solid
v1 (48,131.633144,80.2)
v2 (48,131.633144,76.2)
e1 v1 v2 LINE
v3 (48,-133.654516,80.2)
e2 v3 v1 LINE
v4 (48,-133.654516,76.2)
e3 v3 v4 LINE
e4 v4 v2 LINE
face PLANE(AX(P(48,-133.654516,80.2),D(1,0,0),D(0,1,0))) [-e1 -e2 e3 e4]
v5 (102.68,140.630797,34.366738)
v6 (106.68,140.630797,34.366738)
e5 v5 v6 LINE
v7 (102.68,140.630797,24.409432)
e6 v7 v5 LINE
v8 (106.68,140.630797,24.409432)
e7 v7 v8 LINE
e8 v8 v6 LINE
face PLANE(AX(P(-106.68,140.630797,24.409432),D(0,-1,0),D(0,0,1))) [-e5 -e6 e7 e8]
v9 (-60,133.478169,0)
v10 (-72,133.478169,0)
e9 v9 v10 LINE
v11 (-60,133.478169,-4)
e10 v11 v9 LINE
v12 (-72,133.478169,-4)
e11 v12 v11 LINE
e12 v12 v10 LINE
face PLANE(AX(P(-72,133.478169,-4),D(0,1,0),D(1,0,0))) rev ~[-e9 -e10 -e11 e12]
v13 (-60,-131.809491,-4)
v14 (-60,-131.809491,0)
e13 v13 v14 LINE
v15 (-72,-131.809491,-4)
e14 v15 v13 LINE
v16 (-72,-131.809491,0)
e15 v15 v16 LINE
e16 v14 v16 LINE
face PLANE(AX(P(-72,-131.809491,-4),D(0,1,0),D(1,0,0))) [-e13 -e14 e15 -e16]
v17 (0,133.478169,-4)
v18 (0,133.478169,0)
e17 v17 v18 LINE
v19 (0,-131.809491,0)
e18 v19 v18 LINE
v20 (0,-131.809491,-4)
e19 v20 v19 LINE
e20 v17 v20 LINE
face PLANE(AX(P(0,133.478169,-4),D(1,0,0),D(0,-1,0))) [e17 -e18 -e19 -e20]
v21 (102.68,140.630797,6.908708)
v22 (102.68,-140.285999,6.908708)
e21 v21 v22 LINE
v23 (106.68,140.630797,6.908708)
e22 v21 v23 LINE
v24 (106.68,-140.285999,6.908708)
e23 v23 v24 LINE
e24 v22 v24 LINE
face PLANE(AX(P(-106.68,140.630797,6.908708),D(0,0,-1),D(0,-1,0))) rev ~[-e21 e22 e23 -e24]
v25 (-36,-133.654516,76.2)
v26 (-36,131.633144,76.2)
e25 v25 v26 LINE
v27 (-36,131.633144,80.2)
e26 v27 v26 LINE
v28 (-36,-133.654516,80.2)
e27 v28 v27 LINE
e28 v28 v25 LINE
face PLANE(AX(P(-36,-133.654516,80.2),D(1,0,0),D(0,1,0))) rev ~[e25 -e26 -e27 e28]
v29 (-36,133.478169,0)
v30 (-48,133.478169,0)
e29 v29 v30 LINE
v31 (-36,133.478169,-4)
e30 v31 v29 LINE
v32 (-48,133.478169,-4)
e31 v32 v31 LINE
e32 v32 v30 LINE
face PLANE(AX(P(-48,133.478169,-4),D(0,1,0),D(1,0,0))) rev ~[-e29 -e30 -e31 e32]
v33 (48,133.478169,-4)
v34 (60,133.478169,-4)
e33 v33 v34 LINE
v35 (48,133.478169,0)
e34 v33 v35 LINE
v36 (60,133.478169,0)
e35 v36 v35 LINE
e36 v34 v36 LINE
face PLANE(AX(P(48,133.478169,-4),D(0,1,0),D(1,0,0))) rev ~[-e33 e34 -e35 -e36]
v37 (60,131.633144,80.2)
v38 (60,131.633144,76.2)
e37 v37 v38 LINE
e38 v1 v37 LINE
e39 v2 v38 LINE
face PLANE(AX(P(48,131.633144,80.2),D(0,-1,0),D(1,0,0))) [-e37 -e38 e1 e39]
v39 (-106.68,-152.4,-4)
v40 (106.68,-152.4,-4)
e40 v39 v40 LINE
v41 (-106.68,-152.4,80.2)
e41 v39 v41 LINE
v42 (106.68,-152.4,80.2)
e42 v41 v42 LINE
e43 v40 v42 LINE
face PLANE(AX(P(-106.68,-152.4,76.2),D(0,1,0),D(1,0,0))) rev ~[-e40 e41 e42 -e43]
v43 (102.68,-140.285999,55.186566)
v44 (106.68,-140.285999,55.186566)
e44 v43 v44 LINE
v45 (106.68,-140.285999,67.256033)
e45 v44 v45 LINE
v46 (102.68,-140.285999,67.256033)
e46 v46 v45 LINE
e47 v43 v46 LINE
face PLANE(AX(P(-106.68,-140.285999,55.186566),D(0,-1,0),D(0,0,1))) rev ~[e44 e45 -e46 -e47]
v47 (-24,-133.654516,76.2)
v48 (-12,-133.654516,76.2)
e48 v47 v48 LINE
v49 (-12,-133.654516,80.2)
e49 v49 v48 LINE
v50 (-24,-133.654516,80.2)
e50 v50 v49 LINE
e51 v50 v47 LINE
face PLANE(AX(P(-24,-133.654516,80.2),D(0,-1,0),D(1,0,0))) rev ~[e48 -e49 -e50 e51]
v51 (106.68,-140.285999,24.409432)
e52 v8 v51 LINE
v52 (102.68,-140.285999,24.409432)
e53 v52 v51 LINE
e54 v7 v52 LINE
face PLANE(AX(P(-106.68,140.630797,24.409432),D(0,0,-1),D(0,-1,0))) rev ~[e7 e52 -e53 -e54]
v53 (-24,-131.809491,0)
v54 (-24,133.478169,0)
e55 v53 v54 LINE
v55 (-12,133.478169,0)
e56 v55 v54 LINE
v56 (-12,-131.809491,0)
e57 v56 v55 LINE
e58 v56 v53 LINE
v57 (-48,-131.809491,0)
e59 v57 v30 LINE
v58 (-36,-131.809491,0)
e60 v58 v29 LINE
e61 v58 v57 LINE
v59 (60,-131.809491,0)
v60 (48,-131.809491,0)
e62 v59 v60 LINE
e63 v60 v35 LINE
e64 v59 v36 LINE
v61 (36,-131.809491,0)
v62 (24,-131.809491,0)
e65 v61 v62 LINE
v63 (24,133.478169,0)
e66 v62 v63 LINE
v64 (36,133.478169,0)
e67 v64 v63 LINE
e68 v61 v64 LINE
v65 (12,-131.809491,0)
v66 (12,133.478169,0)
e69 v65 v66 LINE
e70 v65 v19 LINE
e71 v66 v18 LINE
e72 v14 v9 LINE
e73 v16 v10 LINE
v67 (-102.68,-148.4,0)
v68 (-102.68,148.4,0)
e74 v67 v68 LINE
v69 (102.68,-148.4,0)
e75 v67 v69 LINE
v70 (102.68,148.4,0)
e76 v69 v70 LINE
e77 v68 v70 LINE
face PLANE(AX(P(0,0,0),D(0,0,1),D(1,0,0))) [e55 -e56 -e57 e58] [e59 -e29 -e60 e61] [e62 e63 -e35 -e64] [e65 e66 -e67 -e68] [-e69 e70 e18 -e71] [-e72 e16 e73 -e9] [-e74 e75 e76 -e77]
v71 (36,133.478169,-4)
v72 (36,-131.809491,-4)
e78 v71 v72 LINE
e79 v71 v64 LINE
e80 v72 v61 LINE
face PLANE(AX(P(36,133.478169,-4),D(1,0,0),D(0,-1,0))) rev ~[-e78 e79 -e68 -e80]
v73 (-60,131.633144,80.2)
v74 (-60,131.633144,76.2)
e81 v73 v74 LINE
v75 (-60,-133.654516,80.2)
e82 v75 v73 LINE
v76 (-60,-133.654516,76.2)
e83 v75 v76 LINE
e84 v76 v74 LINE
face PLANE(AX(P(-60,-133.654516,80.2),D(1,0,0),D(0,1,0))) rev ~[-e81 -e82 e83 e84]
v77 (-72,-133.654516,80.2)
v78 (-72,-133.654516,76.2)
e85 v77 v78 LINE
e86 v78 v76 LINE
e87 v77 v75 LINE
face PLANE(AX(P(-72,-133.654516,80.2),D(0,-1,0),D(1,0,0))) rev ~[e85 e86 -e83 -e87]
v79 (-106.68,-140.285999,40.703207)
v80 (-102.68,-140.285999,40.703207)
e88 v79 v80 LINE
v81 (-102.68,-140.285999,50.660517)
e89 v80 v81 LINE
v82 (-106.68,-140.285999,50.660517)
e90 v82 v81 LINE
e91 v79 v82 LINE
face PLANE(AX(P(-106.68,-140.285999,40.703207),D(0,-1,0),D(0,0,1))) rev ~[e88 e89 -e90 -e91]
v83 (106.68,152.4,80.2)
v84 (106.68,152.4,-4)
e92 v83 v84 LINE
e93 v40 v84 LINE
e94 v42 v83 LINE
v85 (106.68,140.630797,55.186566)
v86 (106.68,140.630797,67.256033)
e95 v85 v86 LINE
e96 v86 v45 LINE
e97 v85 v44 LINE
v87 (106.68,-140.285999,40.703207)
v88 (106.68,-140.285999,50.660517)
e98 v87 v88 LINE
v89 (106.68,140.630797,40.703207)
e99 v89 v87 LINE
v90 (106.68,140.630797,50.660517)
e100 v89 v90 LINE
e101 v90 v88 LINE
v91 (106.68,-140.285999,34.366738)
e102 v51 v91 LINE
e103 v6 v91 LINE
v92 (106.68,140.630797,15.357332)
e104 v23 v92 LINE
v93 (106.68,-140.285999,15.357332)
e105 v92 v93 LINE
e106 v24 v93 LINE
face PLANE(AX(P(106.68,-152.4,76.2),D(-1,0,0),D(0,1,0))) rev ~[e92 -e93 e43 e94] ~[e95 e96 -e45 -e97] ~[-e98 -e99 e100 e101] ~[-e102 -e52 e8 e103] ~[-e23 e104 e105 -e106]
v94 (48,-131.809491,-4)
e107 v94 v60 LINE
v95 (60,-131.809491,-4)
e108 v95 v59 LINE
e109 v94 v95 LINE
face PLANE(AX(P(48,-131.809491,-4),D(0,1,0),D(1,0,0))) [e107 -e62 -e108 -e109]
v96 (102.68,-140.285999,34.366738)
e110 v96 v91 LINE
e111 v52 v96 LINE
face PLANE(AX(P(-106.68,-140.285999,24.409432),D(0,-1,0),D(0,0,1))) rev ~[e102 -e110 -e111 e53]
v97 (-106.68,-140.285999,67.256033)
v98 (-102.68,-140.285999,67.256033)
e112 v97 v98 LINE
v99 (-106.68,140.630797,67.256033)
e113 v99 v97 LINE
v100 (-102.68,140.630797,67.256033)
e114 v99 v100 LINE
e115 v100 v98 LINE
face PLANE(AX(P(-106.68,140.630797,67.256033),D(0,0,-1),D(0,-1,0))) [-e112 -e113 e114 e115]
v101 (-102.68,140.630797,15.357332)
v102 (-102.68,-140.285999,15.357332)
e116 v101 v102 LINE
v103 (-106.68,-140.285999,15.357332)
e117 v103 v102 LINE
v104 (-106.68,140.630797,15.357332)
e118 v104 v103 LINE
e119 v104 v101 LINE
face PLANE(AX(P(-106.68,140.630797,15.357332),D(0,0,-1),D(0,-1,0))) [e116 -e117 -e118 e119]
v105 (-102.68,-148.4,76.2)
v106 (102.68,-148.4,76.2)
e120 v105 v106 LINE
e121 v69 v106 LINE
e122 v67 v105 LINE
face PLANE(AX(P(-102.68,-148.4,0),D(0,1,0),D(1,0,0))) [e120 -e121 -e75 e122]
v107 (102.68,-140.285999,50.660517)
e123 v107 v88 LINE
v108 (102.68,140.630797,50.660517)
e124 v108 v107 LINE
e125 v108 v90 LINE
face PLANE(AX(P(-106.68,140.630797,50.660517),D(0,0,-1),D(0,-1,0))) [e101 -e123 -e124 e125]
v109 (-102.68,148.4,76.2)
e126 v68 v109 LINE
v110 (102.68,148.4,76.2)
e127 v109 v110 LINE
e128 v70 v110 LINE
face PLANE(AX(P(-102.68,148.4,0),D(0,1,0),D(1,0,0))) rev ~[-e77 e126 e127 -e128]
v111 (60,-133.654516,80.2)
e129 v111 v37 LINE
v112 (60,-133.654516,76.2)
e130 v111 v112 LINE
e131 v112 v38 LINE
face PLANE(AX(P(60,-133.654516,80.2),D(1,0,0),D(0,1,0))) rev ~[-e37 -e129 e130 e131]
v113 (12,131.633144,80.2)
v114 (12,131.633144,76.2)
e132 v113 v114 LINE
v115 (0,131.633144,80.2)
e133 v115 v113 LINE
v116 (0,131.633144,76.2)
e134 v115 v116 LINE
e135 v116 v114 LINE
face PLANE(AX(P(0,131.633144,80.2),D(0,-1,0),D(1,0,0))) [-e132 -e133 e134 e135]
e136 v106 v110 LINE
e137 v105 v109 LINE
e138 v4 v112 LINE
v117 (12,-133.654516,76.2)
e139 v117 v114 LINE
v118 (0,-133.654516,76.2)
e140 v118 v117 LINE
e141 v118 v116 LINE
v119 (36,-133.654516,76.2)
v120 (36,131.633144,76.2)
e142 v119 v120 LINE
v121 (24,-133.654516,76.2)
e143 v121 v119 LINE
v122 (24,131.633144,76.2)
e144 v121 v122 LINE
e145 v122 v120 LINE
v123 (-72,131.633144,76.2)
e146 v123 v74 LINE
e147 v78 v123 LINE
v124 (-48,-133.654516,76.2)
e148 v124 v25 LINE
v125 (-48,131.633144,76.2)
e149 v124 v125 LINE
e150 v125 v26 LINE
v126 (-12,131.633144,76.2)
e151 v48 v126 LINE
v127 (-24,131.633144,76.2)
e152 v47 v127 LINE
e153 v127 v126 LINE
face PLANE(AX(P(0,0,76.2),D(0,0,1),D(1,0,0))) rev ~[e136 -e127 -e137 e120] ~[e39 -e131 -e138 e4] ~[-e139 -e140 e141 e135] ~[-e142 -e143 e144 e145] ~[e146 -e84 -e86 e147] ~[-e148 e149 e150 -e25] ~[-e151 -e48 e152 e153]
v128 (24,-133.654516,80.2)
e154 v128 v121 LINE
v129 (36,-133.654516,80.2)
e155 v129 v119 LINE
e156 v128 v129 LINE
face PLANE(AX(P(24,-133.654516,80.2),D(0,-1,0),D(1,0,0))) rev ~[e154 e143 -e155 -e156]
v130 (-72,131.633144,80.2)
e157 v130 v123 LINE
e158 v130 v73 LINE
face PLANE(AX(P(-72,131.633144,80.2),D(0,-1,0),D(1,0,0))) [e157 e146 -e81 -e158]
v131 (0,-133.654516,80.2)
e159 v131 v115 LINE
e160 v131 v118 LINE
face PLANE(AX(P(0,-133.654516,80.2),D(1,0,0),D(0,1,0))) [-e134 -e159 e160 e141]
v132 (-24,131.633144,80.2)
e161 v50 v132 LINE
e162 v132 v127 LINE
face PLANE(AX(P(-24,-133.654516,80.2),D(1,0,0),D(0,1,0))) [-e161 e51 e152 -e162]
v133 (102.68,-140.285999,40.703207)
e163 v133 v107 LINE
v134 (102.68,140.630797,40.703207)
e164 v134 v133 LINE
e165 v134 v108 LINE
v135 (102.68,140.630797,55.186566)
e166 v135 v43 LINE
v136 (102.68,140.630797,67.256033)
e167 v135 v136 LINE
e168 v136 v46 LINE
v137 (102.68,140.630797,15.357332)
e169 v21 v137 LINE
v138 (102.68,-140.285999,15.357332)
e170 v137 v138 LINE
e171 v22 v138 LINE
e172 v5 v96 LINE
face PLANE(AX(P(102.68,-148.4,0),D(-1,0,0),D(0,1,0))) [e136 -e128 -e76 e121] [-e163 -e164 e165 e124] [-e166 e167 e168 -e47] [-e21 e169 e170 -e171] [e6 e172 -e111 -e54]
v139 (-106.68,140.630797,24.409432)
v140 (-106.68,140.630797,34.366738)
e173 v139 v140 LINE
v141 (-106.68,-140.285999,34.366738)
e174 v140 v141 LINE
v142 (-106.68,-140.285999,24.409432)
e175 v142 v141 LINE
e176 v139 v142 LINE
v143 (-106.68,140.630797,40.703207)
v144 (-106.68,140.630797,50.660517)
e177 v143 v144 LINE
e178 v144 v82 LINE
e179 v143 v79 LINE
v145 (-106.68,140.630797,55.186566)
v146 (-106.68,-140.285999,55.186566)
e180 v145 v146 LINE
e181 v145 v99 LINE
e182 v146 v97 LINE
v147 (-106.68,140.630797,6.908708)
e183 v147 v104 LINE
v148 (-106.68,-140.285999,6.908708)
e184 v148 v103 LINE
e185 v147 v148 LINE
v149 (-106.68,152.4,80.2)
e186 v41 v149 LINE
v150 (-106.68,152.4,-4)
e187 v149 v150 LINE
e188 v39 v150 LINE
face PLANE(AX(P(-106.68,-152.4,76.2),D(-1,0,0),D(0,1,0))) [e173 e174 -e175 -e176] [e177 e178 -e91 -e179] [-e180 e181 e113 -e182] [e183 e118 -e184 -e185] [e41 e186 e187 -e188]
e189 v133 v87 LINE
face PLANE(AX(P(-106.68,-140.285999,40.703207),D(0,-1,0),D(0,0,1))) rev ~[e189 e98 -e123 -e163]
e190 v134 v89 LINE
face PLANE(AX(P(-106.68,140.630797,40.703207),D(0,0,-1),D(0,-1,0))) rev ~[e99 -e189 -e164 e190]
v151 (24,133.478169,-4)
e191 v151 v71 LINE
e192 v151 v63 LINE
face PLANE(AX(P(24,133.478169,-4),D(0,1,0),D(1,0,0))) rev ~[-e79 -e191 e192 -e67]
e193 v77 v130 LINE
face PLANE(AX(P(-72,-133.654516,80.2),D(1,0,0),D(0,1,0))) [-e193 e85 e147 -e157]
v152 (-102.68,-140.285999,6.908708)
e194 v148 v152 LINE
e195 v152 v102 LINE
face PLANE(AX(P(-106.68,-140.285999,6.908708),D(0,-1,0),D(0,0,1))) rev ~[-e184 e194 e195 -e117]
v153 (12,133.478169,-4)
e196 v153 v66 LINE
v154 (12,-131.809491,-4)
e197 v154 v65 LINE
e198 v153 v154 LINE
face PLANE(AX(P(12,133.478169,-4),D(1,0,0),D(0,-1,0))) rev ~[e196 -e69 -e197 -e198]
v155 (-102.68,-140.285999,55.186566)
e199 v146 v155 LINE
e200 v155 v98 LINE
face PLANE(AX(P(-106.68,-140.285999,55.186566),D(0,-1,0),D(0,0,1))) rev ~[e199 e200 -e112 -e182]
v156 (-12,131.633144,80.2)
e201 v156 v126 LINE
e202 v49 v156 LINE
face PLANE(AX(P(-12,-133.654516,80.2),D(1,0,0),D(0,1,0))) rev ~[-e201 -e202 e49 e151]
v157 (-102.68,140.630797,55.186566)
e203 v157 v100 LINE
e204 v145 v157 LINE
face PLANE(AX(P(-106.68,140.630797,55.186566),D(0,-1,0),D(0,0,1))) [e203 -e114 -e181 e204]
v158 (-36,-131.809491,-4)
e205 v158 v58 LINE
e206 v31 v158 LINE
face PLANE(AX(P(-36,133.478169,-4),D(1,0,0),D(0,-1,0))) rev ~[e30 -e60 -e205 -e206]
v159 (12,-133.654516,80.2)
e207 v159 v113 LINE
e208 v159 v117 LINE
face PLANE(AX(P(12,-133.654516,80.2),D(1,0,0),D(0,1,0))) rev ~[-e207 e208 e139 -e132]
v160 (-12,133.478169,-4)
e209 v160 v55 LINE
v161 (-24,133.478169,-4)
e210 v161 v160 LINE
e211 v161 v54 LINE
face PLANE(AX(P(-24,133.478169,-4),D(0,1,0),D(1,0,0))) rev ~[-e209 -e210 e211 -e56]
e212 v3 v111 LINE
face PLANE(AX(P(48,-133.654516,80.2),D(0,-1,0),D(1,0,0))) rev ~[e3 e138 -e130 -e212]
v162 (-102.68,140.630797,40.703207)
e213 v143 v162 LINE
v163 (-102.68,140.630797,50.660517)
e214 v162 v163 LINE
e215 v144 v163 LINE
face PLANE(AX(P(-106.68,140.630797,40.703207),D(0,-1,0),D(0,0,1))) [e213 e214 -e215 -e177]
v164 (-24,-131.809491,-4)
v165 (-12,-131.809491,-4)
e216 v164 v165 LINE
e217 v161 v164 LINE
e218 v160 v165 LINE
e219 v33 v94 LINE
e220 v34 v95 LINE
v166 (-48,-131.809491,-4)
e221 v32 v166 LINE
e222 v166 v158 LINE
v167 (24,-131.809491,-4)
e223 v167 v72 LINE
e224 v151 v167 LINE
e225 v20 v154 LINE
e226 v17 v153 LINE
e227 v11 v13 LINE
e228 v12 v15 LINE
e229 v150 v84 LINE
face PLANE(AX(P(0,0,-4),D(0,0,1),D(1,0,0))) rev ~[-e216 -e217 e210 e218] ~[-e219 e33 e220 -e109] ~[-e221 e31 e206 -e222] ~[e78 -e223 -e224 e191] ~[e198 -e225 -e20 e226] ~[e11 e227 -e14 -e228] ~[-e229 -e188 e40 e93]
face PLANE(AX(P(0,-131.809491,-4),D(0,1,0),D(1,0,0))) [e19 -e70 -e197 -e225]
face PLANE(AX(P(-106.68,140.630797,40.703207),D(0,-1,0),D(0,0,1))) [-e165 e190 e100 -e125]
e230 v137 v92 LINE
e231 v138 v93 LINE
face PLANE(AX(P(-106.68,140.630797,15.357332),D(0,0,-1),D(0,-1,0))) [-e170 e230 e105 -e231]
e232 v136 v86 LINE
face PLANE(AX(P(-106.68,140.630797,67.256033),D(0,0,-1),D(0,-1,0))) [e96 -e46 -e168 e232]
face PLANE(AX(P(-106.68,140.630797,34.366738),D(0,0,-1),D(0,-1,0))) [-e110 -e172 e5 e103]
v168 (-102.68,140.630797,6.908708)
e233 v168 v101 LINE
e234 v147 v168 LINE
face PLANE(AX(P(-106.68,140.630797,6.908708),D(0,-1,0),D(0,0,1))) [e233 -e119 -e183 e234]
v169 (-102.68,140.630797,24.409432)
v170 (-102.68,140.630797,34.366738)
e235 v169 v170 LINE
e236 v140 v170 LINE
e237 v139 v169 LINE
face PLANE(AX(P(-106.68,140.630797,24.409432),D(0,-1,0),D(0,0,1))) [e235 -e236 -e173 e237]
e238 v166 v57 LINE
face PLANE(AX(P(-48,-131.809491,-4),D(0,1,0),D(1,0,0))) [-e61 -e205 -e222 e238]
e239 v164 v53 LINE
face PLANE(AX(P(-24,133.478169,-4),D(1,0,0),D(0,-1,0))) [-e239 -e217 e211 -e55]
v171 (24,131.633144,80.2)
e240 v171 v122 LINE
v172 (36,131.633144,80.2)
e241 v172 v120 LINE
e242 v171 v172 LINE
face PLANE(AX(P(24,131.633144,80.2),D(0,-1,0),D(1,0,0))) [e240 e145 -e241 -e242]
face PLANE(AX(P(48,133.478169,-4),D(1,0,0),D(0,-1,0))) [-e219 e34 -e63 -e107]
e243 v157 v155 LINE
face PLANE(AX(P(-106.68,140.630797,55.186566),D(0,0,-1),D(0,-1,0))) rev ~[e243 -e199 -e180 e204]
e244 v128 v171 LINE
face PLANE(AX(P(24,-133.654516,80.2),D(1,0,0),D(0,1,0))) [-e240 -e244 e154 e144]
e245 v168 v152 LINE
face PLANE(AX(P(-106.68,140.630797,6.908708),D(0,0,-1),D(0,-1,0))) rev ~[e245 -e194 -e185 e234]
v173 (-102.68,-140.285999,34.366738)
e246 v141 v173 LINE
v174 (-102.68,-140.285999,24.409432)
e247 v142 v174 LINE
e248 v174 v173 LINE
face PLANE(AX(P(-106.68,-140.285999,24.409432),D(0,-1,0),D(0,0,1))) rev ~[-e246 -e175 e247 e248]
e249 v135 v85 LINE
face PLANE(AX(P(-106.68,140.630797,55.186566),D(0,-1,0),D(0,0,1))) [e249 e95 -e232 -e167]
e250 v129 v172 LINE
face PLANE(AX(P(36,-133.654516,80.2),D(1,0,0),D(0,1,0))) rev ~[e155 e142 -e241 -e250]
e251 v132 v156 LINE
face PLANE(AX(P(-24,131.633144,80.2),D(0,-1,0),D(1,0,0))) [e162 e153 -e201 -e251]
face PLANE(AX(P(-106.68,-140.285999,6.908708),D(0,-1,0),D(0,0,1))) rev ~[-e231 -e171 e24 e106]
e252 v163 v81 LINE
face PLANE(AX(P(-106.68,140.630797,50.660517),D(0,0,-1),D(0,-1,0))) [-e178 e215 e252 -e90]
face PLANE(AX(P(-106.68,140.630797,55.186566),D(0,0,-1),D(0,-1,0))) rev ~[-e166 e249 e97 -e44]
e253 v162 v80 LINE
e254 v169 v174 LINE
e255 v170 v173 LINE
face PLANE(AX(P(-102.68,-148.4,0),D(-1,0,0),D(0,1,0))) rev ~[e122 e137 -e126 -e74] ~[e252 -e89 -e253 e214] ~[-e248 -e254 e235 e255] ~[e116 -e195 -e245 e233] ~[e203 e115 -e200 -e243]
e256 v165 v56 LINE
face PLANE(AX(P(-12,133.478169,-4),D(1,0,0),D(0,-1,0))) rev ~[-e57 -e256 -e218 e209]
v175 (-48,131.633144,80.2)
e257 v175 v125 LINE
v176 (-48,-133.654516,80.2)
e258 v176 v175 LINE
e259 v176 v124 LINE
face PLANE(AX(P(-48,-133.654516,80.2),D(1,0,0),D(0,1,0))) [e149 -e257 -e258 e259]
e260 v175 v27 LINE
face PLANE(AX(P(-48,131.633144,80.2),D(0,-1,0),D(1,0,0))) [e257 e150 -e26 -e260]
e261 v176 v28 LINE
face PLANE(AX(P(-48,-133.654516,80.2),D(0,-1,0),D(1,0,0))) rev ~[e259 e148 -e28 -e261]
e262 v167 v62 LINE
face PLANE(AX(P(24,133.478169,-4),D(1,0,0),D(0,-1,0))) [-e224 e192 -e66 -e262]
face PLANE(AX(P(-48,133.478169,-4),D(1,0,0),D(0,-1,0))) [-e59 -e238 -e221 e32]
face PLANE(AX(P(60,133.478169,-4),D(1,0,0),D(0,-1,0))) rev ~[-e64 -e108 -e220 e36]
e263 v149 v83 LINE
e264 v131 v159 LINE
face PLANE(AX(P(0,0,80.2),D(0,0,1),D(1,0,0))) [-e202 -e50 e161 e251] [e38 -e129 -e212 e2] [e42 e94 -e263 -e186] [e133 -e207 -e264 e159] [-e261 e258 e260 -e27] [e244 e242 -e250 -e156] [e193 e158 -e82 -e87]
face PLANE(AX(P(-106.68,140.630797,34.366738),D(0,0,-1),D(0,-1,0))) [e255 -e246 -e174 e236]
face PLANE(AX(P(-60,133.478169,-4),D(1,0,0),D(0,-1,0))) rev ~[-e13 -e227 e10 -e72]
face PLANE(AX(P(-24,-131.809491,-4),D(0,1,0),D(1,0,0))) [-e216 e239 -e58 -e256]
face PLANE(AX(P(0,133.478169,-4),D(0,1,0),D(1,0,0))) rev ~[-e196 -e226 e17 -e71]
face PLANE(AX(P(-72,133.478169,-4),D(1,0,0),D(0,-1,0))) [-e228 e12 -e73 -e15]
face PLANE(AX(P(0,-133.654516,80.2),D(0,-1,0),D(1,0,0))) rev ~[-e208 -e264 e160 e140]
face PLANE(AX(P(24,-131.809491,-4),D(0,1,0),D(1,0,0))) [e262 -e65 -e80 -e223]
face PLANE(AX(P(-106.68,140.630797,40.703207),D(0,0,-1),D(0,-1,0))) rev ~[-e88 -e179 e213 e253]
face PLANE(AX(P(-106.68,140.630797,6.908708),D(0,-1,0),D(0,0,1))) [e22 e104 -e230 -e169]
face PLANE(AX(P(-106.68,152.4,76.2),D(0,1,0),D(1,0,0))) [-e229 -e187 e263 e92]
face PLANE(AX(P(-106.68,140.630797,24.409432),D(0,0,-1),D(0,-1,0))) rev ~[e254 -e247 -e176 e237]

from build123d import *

# Parameters (mm, degrees)
F0_W      = 213.36
F0_H      = 304.8
F0_W_2    = 205.36
F0_H_2    = 296.8
F1_DEPTH  = 4
F2_DEPTH  = 76.2
F3_W      = 213.36
F3_H      = 304.8
F3_W_2    = 205.36
F3_H_2    = 296.8
F4_DEPTH  = 4
F5_W      = 12
F5_H      = 265.28765991
F6_DEPTH  = 5.08
F7_W      = 12
F7_H      = 265.28765991
F8_DEPTH  = 5.08
F9_W      = 280.9167951345
F9_H      = 12.0694674551
F9_H_2    = 9.9573098123
F9_H_3    = 9.957306087
F9_H_4    = 8.4486240521
F10_DEPTH = 287.02


with BuildPart() as f1:
    # F0 (on Top) → F1 (new body)
    with BuildSketch(Plane.XY):
        Rectangle(F0_W, F0_H)
        Rectangle(F0_W_2, F0_H_2, mode=Mode.SUBTRACT)
        Rectangle(F0_W_2, F0_H_2)
    extrude(amount=-F1_DEPTH)

    # F0 (on Top) → F2 (join)
    with BuildSketch(Plane.XY):
        Rectangle(F0_W, F0_H)
        Rectangle(F0_W_2, F0_H_2, mode=Mode.SUBTRACT)
    extrude(amount=F2_DEPTH)

    # F3 (on face) → F4 (join)
    with BuildSketch(Plane.XY.offset(76.2)):
        Rectangle(F3_W, F3_H)
        Rectangle(F3_W_2, F3_H_2, mode=Mode.SUBTRACT)
        Rectangle(F3_W_2, F3_H_2)
    extrude(amount=F4_DEPTH)

    # F5 (on face) → F6 (cut)
    with BuildSketch(Plane.XY.offset(80.2)):
        with Locations((-66, -1.0106861591)):
            Rectangle(F5_W, F5_H)
        with Locations((-42, -1.0106861591)):
            Rectangle(F5_W, F5_H)
        with Locations((-18, -1.0106861591)):
            Rectangle(F5_W, F5_H)
        with Locations((6, -1.0106861591)):
            Rectangle(F5_W, F5_H)
        with Locations((30, -1.0106861591)):
            Rectangle(F5_W, F5_H)
        with Locations((54, -1.0106861591)):
            Rectangle(F5_W, F5_H)
    extrude(amount=-F6_DEPTH, mode=Mode.SUBTRACT)

    # F7 (on face) → F8 (cut)
    with BuildSketch(Plane(origin=(0, 0, -4), x_dir=(1, 0, 0), z_dir=(0, 0, -1))):
        with Locations((-66, -0.8343393173)):
            Rectangle(F7_W, F7_H)
        with Locations((-42, -0.8343393173)):
            Rectangle(F7_W, F7_H)
        with Locations((-18, -0.8343393173)):
            Rectangle(F7_W, F7_H)
        with Locations((6, -0.8343393173)):
            Rectangle(F7_W, F7_H)
        with Locations((30, -0.8343393173)):
            Rectangle(F7_W, F7_H)
        with Locations((54, -0.8343393173)):
            Rectangle(F7_W, F7_H)
    extrude(amount=-F8_DEPTH, mode=Mode.SUBTRACT)

    # F9 (on face) → F10 (cut)
    with BuildSketch(Plane(origin=(-106.68, 0, 0), x_dir=(0, -1, 0), z_dir=(-1, 0, 0))):
        with Locations((-0.1723989844, 61.221299693)):
            Rectangle(F9_W, F9_H)
        with Locations((-0.1723989844, 45.6818621606)):
            Rectangle(F9_W, F9_H_2)
        with Locations((-0.1723989844, 29.3880850077)):
            Rectangle(F9_W, F9_H_3)
        with Locations((-0.1723989844, 11.1330202781)):
            Rectangle(F9_W, F9_H_4)
    extrude(amount=-F10_DEPTH, mode=Mode.SUBTRACT)


solid = f1.part
